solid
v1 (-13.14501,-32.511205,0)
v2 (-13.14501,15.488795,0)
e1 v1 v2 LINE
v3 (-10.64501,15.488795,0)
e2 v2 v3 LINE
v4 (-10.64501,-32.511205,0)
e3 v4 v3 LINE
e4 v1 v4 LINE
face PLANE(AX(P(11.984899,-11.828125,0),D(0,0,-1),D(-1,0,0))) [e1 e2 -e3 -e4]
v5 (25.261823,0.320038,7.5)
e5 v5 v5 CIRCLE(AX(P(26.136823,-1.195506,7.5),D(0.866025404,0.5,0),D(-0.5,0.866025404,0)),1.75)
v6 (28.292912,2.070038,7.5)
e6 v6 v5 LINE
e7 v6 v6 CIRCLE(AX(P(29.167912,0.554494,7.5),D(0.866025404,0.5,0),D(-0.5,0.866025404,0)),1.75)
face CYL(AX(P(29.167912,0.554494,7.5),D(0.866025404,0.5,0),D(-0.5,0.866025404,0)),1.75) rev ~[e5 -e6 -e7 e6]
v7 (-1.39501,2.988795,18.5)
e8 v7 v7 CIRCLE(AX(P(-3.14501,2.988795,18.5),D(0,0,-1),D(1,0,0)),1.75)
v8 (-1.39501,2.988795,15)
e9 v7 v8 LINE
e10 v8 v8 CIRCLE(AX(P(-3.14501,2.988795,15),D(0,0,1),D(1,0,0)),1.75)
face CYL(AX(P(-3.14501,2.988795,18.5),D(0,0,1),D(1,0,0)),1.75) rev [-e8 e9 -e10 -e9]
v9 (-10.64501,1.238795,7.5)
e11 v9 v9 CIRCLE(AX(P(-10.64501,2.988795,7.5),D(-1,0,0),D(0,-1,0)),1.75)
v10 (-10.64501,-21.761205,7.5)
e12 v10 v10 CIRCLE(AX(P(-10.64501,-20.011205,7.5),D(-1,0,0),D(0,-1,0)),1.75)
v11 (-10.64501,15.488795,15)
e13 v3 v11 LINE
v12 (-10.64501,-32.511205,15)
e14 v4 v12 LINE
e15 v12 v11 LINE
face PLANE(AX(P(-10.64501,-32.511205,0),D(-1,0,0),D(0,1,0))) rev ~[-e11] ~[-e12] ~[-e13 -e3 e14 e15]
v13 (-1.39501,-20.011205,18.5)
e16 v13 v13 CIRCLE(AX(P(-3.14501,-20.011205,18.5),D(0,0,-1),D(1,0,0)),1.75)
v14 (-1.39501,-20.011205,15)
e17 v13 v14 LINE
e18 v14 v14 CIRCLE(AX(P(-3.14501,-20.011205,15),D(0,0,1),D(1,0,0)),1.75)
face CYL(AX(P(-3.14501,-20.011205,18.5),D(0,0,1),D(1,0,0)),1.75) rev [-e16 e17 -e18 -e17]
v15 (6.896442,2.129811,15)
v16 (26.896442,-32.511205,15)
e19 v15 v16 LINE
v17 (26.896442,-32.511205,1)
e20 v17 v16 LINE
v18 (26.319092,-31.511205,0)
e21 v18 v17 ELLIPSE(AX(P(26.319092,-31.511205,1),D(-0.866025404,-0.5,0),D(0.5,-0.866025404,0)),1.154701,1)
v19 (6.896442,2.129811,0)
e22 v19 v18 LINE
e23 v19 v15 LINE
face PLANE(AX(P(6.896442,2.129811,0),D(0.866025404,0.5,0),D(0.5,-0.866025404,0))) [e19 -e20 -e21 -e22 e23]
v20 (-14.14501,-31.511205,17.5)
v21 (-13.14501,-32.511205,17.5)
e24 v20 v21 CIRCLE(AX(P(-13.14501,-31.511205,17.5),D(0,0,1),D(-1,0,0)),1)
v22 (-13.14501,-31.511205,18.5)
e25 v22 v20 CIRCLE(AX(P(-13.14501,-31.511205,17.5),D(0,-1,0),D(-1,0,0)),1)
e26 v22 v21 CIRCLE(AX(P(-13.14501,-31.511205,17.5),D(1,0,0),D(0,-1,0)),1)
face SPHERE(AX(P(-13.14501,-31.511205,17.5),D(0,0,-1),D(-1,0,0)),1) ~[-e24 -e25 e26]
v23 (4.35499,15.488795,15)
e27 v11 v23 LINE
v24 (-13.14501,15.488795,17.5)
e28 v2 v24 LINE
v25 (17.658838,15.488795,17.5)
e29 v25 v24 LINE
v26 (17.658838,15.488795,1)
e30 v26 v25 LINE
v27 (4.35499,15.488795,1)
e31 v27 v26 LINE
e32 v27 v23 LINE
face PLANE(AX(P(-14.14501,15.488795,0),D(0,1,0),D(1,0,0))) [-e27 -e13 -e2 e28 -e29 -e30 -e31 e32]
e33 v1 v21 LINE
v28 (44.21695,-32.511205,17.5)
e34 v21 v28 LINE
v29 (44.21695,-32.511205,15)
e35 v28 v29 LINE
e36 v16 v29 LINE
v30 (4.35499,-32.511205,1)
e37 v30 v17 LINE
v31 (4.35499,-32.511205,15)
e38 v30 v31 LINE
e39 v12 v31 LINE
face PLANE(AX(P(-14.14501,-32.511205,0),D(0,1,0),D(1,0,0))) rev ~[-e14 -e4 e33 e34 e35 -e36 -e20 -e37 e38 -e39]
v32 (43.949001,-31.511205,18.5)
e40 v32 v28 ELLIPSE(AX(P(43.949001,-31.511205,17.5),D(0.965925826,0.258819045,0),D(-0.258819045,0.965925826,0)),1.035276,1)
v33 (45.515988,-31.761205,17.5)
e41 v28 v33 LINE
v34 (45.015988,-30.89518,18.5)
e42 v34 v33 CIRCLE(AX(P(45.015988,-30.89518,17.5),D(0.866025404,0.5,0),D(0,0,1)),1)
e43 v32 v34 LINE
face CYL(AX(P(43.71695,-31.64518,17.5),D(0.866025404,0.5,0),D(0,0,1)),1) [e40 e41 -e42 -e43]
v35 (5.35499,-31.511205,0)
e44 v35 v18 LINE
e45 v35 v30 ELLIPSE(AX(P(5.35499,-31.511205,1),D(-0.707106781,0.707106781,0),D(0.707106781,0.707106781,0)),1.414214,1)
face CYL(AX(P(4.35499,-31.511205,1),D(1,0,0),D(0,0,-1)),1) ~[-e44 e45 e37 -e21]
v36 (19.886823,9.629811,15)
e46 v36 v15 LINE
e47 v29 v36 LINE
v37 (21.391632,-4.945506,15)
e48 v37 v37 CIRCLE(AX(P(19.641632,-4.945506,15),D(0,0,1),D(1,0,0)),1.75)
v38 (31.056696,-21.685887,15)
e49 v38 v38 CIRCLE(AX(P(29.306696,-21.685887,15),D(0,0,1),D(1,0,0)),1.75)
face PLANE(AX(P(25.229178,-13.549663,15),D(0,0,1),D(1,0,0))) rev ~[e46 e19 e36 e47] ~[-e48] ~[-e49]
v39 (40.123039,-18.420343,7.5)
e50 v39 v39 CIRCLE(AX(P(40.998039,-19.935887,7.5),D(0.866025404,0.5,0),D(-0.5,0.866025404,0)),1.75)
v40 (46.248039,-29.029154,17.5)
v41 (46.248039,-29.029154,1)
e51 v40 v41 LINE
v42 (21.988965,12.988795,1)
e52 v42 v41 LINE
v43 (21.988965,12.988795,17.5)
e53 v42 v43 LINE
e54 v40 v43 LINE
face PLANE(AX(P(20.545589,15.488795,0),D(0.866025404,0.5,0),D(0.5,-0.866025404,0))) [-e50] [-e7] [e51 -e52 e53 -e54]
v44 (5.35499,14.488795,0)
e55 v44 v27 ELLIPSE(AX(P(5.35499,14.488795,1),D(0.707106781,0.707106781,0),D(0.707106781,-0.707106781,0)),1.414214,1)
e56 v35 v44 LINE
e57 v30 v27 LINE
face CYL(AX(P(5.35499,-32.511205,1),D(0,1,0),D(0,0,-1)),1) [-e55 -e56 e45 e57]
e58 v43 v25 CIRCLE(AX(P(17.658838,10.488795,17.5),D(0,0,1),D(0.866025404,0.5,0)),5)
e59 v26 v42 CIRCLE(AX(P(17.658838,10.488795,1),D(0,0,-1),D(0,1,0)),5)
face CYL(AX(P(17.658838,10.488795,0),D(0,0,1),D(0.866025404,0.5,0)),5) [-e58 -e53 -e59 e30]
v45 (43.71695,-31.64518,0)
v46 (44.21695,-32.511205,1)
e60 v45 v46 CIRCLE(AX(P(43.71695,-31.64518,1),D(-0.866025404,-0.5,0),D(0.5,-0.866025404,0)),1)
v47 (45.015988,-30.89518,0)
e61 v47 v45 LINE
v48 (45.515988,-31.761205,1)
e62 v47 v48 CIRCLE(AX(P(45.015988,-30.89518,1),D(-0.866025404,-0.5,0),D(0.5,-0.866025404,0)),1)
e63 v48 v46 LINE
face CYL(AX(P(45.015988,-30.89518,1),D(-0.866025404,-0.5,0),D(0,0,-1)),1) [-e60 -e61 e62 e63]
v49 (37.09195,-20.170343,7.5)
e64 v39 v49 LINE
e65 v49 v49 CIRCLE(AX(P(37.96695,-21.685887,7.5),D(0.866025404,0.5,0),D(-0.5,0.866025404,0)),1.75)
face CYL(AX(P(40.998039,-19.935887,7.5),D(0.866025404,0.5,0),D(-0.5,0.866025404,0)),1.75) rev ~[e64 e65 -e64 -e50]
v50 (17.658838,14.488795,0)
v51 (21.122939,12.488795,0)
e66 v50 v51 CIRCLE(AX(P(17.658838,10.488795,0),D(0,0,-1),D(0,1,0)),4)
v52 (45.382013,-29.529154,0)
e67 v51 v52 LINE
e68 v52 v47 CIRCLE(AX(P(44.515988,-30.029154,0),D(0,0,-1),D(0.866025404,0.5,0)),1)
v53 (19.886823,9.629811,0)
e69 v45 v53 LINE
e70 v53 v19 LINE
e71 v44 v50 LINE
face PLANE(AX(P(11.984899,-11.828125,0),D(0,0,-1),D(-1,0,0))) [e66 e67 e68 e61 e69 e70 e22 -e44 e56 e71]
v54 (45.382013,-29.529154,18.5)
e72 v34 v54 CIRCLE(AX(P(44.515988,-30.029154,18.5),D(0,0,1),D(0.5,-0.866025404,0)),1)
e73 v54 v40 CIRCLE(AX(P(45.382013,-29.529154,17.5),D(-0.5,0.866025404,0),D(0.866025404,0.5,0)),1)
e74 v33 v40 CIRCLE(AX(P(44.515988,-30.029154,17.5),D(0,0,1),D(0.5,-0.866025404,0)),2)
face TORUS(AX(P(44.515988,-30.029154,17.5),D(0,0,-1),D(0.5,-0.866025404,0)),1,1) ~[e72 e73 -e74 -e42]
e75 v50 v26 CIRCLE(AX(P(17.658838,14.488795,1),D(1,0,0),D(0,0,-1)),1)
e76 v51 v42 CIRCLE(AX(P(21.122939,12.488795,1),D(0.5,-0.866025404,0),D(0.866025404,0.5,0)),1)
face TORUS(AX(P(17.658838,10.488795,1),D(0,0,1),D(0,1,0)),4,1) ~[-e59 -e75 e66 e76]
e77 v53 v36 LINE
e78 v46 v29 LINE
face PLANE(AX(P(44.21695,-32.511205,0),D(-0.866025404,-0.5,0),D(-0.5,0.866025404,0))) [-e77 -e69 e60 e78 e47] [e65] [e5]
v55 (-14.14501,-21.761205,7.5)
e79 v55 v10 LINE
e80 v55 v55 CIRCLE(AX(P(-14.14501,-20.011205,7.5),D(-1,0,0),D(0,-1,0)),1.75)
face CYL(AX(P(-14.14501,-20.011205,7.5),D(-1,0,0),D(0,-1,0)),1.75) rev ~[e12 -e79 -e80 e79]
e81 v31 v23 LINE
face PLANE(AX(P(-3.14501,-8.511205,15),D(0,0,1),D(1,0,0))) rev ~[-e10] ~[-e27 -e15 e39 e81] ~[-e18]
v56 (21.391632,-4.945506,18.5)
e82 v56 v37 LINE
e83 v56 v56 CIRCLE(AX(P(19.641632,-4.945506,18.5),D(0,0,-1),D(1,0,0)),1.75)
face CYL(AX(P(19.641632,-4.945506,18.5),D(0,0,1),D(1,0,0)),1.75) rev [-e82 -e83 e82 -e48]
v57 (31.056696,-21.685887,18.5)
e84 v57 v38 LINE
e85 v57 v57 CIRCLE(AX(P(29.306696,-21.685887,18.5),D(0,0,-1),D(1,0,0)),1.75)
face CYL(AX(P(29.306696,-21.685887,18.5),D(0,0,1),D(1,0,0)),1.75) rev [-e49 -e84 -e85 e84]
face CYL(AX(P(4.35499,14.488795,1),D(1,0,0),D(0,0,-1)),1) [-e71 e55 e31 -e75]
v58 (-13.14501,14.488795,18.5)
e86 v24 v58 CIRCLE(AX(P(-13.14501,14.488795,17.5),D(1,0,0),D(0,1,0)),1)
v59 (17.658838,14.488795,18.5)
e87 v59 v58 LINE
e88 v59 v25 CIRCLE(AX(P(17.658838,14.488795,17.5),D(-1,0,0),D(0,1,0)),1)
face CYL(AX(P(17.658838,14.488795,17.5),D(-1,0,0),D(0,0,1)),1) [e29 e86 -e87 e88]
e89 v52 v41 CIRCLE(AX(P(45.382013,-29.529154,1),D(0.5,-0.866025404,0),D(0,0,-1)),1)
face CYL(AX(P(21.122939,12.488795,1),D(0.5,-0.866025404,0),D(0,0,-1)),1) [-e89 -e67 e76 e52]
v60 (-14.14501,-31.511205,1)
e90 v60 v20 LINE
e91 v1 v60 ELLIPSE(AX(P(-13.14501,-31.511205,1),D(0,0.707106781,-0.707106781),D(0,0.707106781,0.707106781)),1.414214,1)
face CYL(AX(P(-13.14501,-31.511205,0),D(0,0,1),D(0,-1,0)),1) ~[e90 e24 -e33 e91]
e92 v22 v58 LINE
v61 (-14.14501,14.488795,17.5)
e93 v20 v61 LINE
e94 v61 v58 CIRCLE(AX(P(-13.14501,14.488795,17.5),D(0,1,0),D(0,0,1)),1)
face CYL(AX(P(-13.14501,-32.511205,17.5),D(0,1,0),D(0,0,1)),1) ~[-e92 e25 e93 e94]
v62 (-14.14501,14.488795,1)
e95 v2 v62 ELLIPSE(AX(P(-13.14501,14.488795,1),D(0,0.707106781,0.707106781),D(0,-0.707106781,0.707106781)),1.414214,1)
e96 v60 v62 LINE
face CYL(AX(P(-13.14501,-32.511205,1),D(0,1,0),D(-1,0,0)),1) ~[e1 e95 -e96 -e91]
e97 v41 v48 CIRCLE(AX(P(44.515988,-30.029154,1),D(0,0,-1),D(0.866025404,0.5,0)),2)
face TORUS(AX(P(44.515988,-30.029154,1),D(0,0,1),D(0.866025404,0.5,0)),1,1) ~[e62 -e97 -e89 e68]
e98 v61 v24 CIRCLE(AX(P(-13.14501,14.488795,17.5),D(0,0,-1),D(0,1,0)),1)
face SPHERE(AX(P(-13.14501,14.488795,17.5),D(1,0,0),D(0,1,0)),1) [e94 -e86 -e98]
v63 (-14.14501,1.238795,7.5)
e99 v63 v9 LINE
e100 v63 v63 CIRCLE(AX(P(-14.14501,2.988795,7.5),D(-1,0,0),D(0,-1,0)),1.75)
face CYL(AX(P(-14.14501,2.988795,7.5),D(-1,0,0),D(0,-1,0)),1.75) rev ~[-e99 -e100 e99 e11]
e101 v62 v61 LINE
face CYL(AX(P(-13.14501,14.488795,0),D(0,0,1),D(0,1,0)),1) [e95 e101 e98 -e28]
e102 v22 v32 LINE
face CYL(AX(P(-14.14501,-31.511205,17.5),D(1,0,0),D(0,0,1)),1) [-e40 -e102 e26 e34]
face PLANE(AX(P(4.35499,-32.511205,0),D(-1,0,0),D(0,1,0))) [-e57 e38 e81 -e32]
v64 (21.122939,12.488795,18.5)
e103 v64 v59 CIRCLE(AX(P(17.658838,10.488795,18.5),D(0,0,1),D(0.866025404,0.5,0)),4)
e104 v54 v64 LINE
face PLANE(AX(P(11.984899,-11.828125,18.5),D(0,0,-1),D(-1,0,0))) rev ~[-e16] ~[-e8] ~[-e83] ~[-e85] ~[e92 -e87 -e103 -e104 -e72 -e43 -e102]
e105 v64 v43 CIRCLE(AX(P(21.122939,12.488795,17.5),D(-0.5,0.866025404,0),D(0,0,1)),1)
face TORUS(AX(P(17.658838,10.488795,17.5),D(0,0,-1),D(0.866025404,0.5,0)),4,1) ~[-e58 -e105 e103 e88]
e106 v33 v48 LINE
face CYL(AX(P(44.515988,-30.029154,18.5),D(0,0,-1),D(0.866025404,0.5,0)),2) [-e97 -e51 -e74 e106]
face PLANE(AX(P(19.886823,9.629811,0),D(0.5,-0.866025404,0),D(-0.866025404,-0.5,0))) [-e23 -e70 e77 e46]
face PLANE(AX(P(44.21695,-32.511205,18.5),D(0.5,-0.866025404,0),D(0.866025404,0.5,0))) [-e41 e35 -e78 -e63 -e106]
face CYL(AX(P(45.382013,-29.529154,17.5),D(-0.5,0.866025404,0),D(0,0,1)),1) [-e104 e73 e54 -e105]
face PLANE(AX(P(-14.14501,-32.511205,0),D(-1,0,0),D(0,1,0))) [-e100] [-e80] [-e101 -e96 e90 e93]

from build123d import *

# Parameters (mm, degrees)
BOSS_EXTRUDE1_DEPTH = 18.5
SKETCH2_W           = 15
SKETCH2_H           = 48
CUT_EXTRUDE1_DEPTH  = 15
SKETCH3_R           = 1.75
CUT_EXTRUDE2_DEPTH  = 3.5
SKETCH4_R           = 1.75
CUT_EXTRUDE3_DEPTH  = 4
SKETCH5_R           = 1.75
CUT_EXTRUDE4_DEPTH  = 4
CUT_EXTRUDE5_DEPTH  = 19
FILLET1_R           = 2
FILLET2_R           = 5
FILLET3_R           = 1


with BuildPart() as part:
    # Sketch1 → Boss-Extrude1 (new body)
    with BuildSketch(Plane.XY):
        Polygon((20.545588903, 15.488794989), (48.258401824, -32.511205011), (7.85498998, -32.511205011), (-14.14501002, -32.511205011), (-14.14501002, 15.488794989), align=None)
    extrude(amount=BOSS_EXTRUDE1_DEPTH)

    # Sketch2 → Cut-Extrude1 (cut)
    with BuildSketch(Plane.XY):
        with Locations((-3.14501002, -8.511205011)):
            Rectangle(SKETCH2_W, SKETCH2_H)
        Polygon((44.21694994, -32.511205011), (19.886822921, 9.62981114), (6.896441864, 2.12981114), (26.896441864, -32.511205011), align=None)
    extrude(amount=CUT_EXTRUDE1_DEPTH, mode=Mode.SUBTRACT)

    # Sketch3 → Cut-Extrude2 (cut)
    with BuildSketch(Plane(origin=(22.116036645, 12.76869971, 0), x_dir=(0, 0, -1), z_dir=(0.8660254037844378, 0.5000000000000016, 0))):
        with Locations(Location((-7.5, -37.764004417, 0), (0, 0, 90))):
            Circle(SKETCH3_R)
        with Locations(Location((-7.5, -14.103750379, 0), (0, 0, 90))):
            Circle(SKETCH3_R)
    extrude(amount=-CUT_EXTRUDE2_DEPTH, mode=Mode.SUBTRACT)

    # Sketch4 → Cut-Extrude3 (cut)
    with BuildSketch(Plane(origin=(0, 0, 18.5), x_dir=(-1, 0, 0), z_dir=(0, 0, -1))):
        with Locations(Location((-29.306695902, -21.685887464, 0), (0, 0, 180))):
            Circle(SKETCH4_R)
        with Locations(Location((-19.641632393, -4.945506407, 0), (0, 0, 180))):
            Circle(SKETCH4_R)
        with Locations(Location((3.14501002, 2.988794989, 0), (0, 0, 180))):
            Circle(SKETCH4_R)
        with Locations(Location((3.14501002, -20.011205011, 0), (0, 0, 180))):
            Circle(SKETCH4_R)
    extrude(amount=CUT_EXTRUDE3_DEPTH, mode=Mode.SUBTRACT)

    # Sketch5 → Cut-Extrude4 (cut)
    with BuildSketch(Plane.ZY.offset(14.14501002)):
        with Locations(Location((7.5, -20.011205011, 0), (0, 0, 270))):
            Circle(SKETCH5_R)
        with Locations(Location((7.5, 2.988794989, 0), (0, 0, 270))):
            Circle(SKETCH5_R)
    extrude(amount=-CUT_EXTRUDE4_DEPTH, mode=Mode.SUBTRACT)

    # Sketch6 → Cut-Extrude5 (cut)
    with BuildSketch(Plane.XY.offset(18.5)):
        Polygon((44.21694994, -32.511205011), (47.248038853, -30.761205011), (48.258401824, -32.511205011), align=None)
    extrude(amount=-CUT_EXTRUDE5_DEPTH, mode=Mode.SUBTRACT)

    # Fillet1
    fillet1_edges = [part.edges().sort_by_distance(p)[0] for p in [
        (47.248038853, -30.761205011, 9.25),
    ]]
    fillet(fillet1_edges, radius=FILLET1_R)

    # Fillet2
    fillet2_edges = [part.edges().sort_by_distance(p)[0] for p in [
        (20.545588903, 15.488794989, 9.25),
    ]]
    fillet(fillet2_edges, radius=FILLET2_R)

    # Fillet3
    fillet3_edges = [part.edges().sort_by_distance(p)[0] for p in [
        (44.866468993, -32.136205011, 0),
        (46.447839698, -30.546792294, 0),
        (11.006913769, 15.488794989, 0),
        (20.158837557, 14.818922008, 0),
        (44.866468993, -32.136205011, 18.5),
        (46.447839698, -30.546792294, 18.5),
        (1.756913769, 15.488794989, 18.5),
        (20.158837557, 14.818922008, 18.5),
        (-14.14501002, 15.488794989, 9.25),
        (-14.14501002, -32.511205011, 9.25),
        (-14.14501002, -8.511205011, 0),
        (15.625715922, -32.511205011, 0),
        (4.35498998, -8.511205011, 0),
        (34.118501715, -8.020179607, 0),
        (-14.14501002, -8.511205011, 18.5),
        (15.03596996, -32.511205011, 18.5),
        (34.118501715, -8.020179607, 18.5),
    ]]
    fillet(fillet3_edges, radius=FILLET3_R)


solid = part.part
